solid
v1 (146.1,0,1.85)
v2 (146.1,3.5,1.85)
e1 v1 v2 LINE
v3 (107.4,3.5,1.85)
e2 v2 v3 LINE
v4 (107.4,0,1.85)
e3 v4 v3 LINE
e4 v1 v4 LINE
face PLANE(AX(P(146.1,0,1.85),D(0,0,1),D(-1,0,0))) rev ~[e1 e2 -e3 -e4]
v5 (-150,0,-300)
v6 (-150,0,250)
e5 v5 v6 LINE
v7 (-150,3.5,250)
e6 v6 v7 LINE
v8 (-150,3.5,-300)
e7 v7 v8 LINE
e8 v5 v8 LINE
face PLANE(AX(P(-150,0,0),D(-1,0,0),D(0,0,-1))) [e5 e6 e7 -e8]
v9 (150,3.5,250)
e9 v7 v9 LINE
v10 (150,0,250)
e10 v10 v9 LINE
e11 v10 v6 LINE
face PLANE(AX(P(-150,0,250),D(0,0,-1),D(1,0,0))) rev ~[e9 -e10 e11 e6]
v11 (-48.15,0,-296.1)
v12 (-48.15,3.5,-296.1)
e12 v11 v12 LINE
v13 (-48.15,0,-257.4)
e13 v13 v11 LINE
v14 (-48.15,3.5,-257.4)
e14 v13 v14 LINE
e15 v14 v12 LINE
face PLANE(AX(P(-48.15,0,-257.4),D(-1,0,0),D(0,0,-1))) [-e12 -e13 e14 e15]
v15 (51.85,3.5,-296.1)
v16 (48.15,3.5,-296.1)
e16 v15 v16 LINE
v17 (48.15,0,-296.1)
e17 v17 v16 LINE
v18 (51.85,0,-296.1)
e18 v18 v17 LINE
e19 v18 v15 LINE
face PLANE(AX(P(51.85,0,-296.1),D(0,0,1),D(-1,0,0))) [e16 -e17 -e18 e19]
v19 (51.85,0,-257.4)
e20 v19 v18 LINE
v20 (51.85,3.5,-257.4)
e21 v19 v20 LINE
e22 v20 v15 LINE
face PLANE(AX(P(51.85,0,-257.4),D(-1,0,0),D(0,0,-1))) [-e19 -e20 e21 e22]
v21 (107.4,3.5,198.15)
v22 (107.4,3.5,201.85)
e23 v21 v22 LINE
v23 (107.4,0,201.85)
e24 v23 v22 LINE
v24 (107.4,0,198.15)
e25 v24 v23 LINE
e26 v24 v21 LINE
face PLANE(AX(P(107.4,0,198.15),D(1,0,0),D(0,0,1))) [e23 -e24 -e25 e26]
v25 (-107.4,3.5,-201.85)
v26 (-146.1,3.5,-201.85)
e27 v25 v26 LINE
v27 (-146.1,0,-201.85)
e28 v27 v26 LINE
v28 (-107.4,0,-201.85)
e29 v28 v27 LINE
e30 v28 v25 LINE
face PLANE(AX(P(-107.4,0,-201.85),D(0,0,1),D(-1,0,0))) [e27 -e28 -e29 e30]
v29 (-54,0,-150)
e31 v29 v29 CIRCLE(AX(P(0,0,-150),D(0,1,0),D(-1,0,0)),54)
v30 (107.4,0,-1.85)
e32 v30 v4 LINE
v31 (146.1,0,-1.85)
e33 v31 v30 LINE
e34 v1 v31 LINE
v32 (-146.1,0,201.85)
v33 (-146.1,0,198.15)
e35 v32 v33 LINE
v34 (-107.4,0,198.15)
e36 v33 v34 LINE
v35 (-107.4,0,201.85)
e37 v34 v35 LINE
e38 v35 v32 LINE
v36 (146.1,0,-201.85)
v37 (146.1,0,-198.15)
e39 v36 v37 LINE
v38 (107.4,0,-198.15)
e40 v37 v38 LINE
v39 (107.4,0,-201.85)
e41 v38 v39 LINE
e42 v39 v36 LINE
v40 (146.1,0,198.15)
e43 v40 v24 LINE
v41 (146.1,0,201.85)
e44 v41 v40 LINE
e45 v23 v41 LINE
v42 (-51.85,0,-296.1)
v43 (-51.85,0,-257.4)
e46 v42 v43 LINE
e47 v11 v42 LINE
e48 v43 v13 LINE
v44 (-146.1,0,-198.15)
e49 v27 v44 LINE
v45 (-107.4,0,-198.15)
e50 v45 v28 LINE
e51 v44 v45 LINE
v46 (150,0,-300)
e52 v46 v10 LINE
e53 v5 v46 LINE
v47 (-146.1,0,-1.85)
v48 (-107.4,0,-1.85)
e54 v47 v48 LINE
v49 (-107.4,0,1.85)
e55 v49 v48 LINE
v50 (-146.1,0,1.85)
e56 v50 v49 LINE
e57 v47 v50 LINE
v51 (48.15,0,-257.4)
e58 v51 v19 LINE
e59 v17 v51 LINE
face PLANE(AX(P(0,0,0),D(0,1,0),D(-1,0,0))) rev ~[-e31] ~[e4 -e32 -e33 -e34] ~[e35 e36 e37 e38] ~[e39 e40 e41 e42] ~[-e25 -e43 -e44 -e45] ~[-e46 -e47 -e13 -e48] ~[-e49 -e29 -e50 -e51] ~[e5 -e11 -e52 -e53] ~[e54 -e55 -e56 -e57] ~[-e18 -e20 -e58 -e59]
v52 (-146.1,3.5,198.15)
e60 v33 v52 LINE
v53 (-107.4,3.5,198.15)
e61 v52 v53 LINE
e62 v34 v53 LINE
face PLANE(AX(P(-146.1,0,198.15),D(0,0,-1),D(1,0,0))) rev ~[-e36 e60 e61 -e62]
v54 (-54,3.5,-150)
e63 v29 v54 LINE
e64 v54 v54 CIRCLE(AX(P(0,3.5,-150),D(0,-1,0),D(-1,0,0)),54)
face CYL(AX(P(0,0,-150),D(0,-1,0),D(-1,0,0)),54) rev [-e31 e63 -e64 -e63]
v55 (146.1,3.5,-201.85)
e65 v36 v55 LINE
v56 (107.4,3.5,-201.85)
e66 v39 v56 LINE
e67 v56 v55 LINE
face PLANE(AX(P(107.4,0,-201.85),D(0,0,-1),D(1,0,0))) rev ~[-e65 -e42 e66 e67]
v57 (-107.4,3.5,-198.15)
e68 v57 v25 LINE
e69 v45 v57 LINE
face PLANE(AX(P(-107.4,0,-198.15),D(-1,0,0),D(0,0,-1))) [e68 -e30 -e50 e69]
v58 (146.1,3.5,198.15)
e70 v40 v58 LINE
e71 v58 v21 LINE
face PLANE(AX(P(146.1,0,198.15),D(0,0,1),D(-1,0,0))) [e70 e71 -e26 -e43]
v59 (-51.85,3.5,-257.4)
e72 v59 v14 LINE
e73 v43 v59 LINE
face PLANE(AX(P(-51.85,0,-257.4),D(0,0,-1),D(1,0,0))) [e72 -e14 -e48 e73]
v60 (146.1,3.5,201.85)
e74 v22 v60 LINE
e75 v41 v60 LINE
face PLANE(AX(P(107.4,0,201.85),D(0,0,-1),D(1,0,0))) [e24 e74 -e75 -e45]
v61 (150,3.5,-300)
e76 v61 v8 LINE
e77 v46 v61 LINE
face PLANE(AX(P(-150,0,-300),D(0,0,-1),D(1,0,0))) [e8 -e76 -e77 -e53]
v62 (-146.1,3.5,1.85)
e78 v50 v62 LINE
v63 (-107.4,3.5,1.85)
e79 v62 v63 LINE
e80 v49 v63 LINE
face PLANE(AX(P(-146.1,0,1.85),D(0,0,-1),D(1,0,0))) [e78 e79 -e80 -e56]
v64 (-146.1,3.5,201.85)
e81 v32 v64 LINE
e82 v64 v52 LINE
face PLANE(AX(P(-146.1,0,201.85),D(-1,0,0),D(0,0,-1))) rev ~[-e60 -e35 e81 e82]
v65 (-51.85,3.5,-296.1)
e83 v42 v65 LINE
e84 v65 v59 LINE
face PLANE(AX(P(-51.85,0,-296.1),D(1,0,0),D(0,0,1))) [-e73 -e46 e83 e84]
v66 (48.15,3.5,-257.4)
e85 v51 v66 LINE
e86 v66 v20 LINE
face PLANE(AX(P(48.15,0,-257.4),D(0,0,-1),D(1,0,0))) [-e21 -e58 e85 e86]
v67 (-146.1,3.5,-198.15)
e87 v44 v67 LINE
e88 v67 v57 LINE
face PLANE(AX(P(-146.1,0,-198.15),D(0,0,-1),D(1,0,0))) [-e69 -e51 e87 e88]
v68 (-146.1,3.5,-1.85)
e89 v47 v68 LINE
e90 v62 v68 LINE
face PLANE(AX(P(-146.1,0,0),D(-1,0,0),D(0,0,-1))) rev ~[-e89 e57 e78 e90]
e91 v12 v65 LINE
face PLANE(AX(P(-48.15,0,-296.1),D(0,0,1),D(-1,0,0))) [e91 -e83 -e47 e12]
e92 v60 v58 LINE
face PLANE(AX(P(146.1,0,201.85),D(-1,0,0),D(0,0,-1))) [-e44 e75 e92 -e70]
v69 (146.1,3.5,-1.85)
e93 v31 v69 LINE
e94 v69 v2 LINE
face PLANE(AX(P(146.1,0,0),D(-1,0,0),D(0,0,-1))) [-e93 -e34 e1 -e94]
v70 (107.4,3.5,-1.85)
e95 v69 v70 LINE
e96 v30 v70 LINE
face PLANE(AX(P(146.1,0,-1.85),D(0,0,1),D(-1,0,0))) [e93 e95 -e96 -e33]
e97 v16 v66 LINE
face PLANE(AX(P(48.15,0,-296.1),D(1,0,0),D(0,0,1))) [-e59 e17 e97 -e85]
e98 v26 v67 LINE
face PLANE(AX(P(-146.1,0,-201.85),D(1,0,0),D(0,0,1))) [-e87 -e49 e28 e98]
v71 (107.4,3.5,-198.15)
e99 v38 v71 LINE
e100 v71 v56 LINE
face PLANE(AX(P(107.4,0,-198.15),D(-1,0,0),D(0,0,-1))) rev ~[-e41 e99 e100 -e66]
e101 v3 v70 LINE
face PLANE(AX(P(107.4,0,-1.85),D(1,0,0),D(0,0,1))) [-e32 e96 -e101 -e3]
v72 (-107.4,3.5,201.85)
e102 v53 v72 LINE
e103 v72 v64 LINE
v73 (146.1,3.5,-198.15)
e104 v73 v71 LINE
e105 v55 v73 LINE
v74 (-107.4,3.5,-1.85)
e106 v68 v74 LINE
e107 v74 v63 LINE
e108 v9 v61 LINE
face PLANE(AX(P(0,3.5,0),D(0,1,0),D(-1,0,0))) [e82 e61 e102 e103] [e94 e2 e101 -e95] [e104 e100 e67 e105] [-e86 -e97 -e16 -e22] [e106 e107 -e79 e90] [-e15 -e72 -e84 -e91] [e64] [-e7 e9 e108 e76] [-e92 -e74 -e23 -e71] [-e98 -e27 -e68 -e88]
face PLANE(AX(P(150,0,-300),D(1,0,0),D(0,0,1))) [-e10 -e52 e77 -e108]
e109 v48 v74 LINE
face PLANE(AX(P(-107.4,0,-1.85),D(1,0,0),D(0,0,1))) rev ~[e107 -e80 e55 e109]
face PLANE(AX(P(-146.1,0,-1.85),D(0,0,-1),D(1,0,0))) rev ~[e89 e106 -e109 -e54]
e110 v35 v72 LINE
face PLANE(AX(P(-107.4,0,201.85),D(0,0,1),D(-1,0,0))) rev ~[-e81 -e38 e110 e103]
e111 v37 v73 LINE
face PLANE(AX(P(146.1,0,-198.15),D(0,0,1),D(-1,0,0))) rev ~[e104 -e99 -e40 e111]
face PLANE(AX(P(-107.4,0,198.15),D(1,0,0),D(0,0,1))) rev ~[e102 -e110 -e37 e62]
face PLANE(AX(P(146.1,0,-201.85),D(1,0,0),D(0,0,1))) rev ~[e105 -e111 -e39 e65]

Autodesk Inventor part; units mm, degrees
ref_plane "YZ Plane" through (0, 0, 0) normal (1, 0, 0) x (0, 1, 0)
ref_plane "XZ Plane" through (0, 0, 0) normal (0, 1, 0) x (-1, 0, 0)
ref_plane "XY Plane" through (0, 0, 0) normal (0, 0, 1) x (1, 0, 0)
sketch "스케치1" plane through (0, 0, 0) normal (0, 1, 0) x (-1, 0, 0)
  line L0 (150, 0) -> (150, -250)
  line L1 (150, -250) -> (0, -250) construction
  line L2 (210, 0) -> (-210, 0) projected
  line L3 (0, -410) -> (0, 360) projected
  line L4 (100, 0) -> (100, -250) construction
  line L5 (107.4, -198.15) -> (107.4, -201.85)
  line L6 (107.4, -201.85) -> (146.1, -201.85)
  line L7 (146.1, -198.15) -> (107.4, -198.15)
  line L8 (146.1, -201.85) -> (146.1, -198.15)
  line L9 (146.1, 0) -> (146.1, -1.85)
  line L10 (146.1, -1.85) -> (107.4, -1.85)
  line L11 (107.4, -1.85) -> (107.4, 0)
  line L12 (150, 0) -> (150, 250)
  line L13 (150, 250) -> (0, 250)
  line L14 (100, 0) -> (100, 250) construction
  line L15 (146.1, 198.15) -> (107.4, 198.15)
  line L16 (146.1, 201.85) -> (146.1, 198.15)
  line L17 (107.4, 201.85) -> (146.1, 201.85)
  line L18 (107.4, 198.15) -> (107.4, 201.85)
  line L19 (146.1, 0) -> (146.1, 1.85)
  line L20 (146.1, 1.85) -> (107.4, 1.85)
  line L21 (107.4, 1.85) -> (107.4, 0)
  line L22 (-150, 0) -> (-150, -250)
  line L23 (-150, -250) -> (0, -250) construction
  line L24 (-100, 0) -> (-100, -250) construction
  line L25 (-146.1, -198.15) -> (-107.4, -198.15)
  line L26 (-146.1, -201.85) -> (-146.1, -198.15)
  line L27 (-107.4, -201.85) -> (-146.1, -201.85)
  line L28 (-107.4, -198.15) -> (-107.4, -201.85)
  line L29 (-146.1, 0) -> (-146.1, -1.85)
  line L30 (-146.1, -1.85) -> (-107.4, -1.85)
  line L31 (-107.4, -1.85) -> (-107.4, 0)
  line L32 (-146.1, 1.85) -> (-107.4, 1.85)
  line L33 (-146.1, 0) -> (-146.1, 1.85)
  line L34 (-107.4, 1.85) -> (-107.4, 0)
  line L35 (-100, 0) -> (-100, 250) construction
  line L36 (-150, 0) -> (-150, 250)
  line L37 (-146.1, 198.15) -> (-107.4, 198.15)
  line L38 (-107.4, 198.15) -> (-107.4, 201.85)
  line L39 (-146.1, 201.85) -> (-146.1, 198.15)
  line L40 (-107.4, 201.85) -> (-146.1, 201.85)
  line L41 (-150, 250) -> (0, 250)
  line L42 (150, -250) -> (150, -300)
  line L43 (150, -300) -> (-150, -300)
  line L44 (-150, -300) -> (-150, -250)
  line L45 (51.85, -257.4) -> (48.15, -257.4)
  line L46 (48.15, -257.4) -> (48.15, -296.1)
  line L47 (48.15, -296.1) -> (51.85, -296.1)
  line L48 (51.85, -296.1) -> (51.85, -257.4)
  line L49 (-48.15, -257.4) -> (-51.85, -257.4)
  line L50 (-51.85, -257.4) -> (-51.85, -296.1)
  line L51 (-51.85, -296.1) -> (-48.15, -296.1)
  line L52 (-48.15, -296.1) -> (-48.15, -257.4)
  circle A0 centre (0, -150) radius 54
  point P0 (0, 0)
  point P1 (-50, -257.4)
  point P2 (-150, -275)
  point P3 (-51.85, -276.75)
  dimension "d2" = 250
  dimension "d3" = 150
  dimension "d4" = 50
  dimension "d13" = 38.7
  dimension "d14" = 3.7
  dimension "d15" = 48.15
  dimension "d16" = 1.85
  dimension "d17" = 38.7
  dimension "d18" = 7.4
  dimension "d19" = 7.4
  dimension "d20" = 50
  dimension "d21" = 3.7
  dimension "d22" = 38.7
  dimension "d23" = 7.4
  dimension "d24" = 98.15
  dimension "d25" = 38.7
  dimension "d26" = 3.7
  dimension "d27" = 7.4
  dimension "d28" = 98.15
  dimension "d29" = 108
  dimension "d30" = 100
extrude "돌출1" add sketch "스케치1" along normal blind 3.5 contours L0 L42 L43 L3 A0 L2 L11 L10 L9 | L2 L19 L20 L21 L3 L13 L12 | L3 L2 L34 L32 L33 L36 L41 | L43 L44 L22 L2 L29 L30 L31 L3 A0
sketch "스케치5" plane through (0, 3.5, 0) normal (0, 1, 0) x (1, 0, 0)
  point P0 (0, 0)
properties part number "부품1"
